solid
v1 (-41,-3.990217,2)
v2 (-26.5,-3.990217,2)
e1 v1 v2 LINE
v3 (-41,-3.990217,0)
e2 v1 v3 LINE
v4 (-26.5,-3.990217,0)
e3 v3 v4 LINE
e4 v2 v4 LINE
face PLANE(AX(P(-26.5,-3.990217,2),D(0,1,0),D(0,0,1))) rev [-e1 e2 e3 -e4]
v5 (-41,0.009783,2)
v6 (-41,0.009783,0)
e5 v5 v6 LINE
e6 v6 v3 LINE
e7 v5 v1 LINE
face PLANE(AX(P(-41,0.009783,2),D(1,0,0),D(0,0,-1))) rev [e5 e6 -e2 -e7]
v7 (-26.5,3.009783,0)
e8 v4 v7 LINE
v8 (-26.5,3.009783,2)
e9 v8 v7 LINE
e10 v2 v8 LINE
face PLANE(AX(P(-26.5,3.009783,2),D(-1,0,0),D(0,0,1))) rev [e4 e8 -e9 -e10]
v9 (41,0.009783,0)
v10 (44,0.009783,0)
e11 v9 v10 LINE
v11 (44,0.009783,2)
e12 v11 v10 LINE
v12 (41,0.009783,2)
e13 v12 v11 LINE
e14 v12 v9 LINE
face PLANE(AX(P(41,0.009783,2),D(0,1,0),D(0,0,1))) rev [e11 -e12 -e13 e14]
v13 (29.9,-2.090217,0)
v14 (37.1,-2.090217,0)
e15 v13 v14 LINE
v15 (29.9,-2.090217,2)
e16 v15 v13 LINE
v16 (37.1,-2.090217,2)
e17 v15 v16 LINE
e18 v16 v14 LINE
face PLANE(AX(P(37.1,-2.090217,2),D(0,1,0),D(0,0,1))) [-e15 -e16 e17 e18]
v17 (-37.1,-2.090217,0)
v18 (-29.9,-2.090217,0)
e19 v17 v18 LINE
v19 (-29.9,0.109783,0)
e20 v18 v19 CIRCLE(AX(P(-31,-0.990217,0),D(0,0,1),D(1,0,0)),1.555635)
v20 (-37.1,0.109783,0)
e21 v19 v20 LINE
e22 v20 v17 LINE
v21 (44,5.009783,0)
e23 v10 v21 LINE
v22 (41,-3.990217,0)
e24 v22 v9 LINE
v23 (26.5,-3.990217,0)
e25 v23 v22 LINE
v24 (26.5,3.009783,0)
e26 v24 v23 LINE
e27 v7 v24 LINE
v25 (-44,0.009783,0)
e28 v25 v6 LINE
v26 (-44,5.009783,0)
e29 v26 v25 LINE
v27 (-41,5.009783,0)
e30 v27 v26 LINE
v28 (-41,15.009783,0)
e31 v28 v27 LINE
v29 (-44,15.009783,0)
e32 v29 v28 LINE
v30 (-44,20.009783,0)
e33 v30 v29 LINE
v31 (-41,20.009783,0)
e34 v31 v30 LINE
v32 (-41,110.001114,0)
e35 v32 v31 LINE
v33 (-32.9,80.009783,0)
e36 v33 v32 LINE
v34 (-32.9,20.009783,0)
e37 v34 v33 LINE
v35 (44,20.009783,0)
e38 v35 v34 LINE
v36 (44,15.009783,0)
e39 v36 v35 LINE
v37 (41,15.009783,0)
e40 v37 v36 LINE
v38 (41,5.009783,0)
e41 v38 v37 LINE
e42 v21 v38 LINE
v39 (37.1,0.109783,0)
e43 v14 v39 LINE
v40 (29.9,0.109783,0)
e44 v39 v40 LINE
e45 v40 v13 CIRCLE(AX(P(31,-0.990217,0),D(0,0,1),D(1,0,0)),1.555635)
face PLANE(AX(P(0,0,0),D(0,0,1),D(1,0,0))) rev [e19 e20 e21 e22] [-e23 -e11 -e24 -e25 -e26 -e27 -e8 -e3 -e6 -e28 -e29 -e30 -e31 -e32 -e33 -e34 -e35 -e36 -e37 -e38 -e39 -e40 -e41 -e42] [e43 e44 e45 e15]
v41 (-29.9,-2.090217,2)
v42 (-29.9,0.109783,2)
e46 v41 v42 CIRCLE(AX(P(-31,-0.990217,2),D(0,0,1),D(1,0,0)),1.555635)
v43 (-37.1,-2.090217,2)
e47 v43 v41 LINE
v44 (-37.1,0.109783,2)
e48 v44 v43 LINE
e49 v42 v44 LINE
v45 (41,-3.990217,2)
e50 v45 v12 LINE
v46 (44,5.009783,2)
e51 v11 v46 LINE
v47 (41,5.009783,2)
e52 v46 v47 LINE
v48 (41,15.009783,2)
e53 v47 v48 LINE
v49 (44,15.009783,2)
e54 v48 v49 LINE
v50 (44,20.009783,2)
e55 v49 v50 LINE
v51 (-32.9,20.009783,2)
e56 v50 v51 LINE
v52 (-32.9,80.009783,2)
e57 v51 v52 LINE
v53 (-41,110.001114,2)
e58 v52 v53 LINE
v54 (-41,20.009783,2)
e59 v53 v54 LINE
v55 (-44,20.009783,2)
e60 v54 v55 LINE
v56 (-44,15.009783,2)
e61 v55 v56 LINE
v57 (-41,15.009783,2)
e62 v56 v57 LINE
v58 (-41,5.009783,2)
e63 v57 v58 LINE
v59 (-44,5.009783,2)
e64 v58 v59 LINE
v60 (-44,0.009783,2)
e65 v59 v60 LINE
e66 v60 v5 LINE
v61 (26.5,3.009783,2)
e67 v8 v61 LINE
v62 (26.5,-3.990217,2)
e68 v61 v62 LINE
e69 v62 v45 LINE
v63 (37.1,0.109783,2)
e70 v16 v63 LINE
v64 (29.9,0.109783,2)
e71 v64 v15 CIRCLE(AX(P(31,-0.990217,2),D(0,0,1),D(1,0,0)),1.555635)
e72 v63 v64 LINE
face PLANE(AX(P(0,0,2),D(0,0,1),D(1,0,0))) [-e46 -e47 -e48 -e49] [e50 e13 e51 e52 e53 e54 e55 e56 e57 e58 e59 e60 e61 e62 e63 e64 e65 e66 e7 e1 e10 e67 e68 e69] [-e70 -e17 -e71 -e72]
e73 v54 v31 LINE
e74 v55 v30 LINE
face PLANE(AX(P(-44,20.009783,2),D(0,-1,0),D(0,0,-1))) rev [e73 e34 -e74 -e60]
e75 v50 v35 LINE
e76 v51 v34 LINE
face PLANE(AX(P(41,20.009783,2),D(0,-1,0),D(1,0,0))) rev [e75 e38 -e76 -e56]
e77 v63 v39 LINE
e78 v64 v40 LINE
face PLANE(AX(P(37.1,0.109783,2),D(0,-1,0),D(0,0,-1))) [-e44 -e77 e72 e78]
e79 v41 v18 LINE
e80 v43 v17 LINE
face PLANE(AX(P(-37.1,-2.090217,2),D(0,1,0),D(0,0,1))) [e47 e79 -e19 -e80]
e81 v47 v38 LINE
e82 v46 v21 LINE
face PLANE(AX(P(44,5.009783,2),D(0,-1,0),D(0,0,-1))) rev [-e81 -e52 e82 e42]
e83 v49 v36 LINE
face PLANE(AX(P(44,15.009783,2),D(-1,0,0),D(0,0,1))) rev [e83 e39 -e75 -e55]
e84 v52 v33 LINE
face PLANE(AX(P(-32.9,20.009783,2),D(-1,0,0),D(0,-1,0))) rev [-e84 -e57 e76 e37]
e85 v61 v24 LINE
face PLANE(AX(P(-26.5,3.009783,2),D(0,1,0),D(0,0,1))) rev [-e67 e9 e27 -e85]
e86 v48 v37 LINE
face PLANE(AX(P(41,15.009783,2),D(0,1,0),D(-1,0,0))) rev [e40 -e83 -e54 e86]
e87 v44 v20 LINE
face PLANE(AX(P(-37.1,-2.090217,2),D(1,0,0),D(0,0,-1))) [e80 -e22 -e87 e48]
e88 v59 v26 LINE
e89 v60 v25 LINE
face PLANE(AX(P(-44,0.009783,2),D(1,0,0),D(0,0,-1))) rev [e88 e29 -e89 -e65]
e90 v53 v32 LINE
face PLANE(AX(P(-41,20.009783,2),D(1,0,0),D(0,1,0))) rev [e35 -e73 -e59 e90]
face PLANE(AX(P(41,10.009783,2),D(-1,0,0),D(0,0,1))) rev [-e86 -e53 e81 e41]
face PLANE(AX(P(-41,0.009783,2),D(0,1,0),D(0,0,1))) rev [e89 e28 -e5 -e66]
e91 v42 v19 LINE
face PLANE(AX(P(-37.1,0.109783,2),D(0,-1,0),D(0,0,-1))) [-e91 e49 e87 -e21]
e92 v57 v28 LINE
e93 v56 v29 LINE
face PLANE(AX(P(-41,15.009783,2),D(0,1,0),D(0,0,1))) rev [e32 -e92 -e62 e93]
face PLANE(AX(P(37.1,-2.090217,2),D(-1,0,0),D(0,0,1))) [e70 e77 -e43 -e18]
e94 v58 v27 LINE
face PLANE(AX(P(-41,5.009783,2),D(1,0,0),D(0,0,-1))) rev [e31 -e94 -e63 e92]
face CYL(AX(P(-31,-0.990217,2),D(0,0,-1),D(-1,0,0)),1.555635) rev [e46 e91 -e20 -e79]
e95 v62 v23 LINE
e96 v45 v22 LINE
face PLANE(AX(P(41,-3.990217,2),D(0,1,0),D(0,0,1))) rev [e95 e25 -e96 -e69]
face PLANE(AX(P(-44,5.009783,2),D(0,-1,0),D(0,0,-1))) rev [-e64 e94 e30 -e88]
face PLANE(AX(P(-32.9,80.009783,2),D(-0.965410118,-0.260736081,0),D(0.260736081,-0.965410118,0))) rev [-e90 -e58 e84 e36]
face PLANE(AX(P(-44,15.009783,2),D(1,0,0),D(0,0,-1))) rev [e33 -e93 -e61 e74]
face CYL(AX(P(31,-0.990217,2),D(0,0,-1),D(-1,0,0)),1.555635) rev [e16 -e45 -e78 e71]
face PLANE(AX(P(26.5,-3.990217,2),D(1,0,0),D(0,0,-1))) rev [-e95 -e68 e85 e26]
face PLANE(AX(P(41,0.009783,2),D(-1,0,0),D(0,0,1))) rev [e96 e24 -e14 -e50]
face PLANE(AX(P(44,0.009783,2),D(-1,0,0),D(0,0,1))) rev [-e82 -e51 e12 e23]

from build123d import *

# Parameters (mm, degrees)
EXTRUDE_1_DEPTH = 2


with BuildPart() as part:
    # 草图3 → 凸台-拉伸1 (new body)
    with BuildSketch(Plane.XY):
        Polygon((41, 20.009783315), (-32.9, 20.009783315), (-32.9, 80.009783315), (-41, 110.001113679), (-41, 60.009783315), (-41, 20.009783315), (-44, 20.009783315), (-44, 15.009783315), (-41, 15.009783315), (-41, 10.009783315), (-41, 7.009783315), (-41, 5.009783315), (-44, 5.009783315), (-44, 0.009783315), (-41, 0.009783315), (-41, -3.990216685), (-26.5, -3.990216685), (-26.5, 3.009783315), (26.5, 3.009783315), (26.5, -3.990216685), (41, -3.990216685), (41, 0.009783315), (44, 0.009783315), (44, 5.009783315), (41, 5.009783315), (41, 7.009783315), (41, 10.009783315), (41, 15.009783315), (44, 15.009783315), (44, 20.009783315), align=None)
        with BuildLine():
            Line((-37.1, -2.090216685), (-29.9, -2.090216685))
            ThreePointArc((-29.9, -2.090216685), (-29.444365081, -0.990216685), (-29.9, 0.109783315))
            Line((-29.9, 0.109783315), (-37.1, 0.109783315))
            Line((-37.1, 0.109783315), (-37.1, -2.090216685))
        make_face(mode=Mode.SUBTRACT)
        with BuildLine():
            Line((37.1, -2.090216685), (29.9, -2.090216685))
            ThreePointArc((29.9, -2.090216685), (29.444365081, -0.990216685), (29.9, 0.109783315))
            Line((29.9, 0.109783315), (37.1, 0.109783315))
            Line((37.1, 0.109783315), (37.1, -2.090216685))
        make_face(mode=Mode.SUBTRACT)
    extrude(amount=EXTRUDE_1_DEPTH)


solid = part.part
